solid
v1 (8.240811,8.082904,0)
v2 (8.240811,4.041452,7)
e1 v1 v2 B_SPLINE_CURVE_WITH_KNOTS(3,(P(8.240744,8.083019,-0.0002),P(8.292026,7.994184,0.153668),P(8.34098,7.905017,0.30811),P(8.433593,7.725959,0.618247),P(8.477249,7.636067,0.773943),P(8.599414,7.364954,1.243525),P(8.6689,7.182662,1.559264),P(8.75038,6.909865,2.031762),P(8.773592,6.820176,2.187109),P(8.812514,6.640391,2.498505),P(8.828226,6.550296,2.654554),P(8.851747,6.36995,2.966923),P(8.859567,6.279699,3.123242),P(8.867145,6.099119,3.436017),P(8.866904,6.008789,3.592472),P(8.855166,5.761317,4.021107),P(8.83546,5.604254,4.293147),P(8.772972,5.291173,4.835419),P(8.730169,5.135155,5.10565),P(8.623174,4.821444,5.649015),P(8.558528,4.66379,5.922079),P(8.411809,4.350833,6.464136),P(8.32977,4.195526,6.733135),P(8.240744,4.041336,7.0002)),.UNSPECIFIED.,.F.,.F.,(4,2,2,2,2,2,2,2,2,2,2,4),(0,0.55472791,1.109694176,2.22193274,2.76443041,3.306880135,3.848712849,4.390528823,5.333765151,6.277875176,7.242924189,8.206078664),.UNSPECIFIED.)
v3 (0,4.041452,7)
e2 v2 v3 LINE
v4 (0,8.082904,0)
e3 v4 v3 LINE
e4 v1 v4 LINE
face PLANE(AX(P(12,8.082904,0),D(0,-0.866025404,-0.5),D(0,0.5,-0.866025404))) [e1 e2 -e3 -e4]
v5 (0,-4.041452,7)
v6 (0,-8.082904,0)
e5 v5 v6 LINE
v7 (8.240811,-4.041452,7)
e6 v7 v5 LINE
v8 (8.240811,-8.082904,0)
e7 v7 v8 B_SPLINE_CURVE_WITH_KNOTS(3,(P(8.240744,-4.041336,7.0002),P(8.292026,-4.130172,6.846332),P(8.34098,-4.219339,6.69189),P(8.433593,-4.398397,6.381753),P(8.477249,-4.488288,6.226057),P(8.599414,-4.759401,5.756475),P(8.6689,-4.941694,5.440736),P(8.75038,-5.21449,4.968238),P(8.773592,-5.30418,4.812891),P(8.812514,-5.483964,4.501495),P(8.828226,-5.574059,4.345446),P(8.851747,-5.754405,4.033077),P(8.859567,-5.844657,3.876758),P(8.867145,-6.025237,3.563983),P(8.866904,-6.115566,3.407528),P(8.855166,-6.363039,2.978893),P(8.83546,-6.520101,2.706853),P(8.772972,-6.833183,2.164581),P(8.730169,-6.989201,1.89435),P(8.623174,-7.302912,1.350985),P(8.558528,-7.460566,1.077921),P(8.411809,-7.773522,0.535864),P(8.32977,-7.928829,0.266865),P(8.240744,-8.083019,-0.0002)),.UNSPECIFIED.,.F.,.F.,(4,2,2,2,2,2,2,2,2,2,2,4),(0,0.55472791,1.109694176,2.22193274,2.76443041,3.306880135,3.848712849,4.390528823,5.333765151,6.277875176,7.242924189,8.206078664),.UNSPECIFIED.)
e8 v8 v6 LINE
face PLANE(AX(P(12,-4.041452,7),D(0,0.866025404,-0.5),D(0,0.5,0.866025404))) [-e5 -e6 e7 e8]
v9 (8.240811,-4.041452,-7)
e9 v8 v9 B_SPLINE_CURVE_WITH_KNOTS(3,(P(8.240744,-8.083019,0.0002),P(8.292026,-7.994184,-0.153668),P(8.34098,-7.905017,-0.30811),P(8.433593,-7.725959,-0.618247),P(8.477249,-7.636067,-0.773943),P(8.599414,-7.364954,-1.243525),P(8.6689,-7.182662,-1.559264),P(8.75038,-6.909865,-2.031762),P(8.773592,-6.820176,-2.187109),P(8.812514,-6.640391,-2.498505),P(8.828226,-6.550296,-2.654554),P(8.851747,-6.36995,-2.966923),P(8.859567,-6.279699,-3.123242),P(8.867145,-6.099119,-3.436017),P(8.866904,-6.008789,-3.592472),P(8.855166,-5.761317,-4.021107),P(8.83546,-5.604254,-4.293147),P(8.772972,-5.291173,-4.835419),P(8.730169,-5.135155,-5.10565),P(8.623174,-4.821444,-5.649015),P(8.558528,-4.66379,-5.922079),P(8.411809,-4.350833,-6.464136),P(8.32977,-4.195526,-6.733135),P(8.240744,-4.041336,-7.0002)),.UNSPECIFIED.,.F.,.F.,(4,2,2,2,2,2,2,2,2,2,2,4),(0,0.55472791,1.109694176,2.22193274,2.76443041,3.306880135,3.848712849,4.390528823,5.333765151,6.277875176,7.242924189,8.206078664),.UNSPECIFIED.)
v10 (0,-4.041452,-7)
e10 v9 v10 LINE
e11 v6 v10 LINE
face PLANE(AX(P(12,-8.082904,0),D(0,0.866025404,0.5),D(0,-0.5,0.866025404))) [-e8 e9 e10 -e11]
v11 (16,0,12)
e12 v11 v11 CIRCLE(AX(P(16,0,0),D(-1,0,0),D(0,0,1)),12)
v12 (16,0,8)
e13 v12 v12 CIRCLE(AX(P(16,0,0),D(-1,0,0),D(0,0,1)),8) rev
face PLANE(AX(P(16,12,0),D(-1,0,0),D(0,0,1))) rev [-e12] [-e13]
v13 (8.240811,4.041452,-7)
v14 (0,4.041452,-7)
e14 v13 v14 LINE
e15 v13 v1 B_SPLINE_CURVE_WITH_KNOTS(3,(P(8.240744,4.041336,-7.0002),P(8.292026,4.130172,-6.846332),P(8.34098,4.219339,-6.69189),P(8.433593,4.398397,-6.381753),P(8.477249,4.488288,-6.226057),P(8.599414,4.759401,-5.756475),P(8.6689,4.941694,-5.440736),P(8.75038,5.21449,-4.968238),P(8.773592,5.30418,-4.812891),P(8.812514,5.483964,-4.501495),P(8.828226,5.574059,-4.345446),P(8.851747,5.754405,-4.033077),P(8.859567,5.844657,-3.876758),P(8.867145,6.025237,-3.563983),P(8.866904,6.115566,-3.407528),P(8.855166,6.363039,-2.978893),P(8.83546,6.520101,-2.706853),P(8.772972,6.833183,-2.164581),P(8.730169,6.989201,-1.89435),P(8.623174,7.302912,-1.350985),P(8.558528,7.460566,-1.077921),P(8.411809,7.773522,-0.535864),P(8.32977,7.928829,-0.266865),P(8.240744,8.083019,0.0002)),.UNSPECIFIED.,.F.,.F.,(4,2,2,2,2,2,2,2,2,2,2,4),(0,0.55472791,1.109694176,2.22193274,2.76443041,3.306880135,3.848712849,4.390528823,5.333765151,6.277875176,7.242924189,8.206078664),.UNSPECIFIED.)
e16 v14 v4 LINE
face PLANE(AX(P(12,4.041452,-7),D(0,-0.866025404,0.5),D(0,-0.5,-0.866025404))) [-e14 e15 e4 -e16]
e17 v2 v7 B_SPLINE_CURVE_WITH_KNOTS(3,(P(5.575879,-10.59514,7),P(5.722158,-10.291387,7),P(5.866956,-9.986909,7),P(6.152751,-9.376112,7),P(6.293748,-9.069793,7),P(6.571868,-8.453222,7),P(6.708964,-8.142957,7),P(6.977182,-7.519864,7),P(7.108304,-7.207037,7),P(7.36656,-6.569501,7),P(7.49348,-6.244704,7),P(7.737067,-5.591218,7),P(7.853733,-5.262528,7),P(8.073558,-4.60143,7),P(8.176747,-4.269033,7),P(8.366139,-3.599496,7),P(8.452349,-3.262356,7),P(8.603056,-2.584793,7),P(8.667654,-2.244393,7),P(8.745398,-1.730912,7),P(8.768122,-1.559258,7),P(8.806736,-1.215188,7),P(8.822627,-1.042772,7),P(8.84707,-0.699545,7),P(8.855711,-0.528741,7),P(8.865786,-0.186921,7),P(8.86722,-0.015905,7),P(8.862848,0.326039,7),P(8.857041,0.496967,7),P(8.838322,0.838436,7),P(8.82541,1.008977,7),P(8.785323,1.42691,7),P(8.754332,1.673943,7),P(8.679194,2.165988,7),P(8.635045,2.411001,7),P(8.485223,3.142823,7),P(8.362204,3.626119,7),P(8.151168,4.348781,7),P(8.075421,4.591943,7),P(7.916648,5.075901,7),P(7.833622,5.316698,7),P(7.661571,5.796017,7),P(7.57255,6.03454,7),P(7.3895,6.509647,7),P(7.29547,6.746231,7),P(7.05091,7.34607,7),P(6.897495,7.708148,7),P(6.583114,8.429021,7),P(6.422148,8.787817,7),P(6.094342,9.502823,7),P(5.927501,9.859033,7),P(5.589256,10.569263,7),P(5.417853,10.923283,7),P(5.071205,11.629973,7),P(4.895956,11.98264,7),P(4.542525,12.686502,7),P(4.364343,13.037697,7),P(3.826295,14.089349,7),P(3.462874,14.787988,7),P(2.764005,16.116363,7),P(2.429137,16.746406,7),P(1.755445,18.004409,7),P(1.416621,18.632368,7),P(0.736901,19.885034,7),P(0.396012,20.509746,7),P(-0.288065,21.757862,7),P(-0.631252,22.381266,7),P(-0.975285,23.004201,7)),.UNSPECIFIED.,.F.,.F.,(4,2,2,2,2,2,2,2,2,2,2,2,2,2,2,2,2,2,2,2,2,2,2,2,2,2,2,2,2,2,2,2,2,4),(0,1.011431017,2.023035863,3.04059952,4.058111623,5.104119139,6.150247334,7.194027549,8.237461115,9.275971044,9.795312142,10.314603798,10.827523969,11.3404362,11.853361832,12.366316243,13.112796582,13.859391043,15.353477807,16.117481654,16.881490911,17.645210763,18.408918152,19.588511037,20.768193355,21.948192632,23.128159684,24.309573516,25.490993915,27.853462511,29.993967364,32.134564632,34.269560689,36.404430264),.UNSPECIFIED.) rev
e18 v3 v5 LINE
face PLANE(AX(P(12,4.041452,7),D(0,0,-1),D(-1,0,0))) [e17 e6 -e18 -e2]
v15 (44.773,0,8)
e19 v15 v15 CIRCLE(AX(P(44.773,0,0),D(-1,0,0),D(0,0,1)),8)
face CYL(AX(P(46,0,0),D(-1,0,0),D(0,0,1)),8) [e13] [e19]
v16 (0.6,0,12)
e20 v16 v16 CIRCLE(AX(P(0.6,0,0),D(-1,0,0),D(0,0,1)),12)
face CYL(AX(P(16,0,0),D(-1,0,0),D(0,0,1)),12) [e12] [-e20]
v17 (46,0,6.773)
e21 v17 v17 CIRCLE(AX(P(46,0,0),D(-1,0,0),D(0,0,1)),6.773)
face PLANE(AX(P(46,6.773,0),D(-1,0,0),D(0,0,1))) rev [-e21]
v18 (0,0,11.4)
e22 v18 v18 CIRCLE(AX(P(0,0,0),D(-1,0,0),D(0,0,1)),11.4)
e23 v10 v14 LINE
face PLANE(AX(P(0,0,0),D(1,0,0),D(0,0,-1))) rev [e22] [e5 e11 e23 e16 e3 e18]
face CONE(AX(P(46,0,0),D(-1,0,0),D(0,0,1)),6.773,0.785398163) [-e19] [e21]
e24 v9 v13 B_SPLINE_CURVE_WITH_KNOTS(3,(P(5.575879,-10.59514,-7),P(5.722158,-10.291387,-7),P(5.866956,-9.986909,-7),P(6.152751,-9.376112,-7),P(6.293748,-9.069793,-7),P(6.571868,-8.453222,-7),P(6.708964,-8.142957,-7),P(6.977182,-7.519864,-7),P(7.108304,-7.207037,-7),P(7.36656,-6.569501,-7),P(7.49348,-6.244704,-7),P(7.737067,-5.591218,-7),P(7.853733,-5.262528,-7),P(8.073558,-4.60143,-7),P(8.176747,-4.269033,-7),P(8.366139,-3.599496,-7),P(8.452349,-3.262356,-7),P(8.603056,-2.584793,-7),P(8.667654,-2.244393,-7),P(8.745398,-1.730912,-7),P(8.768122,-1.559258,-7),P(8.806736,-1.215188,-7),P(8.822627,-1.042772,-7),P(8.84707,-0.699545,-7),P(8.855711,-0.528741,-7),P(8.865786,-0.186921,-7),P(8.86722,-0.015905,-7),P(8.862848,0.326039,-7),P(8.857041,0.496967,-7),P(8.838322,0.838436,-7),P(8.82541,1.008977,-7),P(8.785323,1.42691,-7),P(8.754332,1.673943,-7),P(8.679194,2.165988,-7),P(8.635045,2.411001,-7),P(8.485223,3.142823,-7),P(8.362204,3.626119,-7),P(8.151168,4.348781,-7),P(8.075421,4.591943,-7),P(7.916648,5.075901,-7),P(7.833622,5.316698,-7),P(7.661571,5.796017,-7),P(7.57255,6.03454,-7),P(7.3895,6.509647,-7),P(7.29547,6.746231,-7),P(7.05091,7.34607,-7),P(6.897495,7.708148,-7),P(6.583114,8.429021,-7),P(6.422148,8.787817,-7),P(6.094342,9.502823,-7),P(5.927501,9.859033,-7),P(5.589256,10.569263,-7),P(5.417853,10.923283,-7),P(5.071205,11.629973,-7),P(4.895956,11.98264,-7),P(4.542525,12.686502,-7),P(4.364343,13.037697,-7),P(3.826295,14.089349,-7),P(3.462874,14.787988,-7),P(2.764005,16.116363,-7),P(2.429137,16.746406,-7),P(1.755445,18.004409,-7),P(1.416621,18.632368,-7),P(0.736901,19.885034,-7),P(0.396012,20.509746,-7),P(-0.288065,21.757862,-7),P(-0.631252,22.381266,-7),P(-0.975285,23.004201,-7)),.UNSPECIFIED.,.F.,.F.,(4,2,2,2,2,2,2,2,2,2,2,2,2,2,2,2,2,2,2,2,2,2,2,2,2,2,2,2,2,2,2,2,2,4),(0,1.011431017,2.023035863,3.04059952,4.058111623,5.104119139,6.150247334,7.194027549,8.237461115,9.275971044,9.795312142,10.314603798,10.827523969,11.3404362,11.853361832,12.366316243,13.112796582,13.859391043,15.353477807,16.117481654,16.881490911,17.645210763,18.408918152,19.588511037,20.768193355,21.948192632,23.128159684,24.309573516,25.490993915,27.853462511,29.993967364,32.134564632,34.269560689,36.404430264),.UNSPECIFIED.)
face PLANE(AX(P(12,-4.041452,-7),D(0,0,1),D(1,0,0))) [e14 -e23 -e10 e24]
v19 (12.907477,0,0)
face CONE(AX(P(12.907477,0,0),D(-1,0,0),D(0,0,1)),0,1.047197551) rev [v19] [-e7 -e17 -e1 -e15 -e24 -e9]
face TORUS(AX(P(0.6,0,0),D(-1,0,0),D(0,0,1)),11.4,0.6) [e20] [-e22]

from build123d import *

# Parameters (mm, degrees)
SZKIC1_W                    = 16
SZKIC1_H                    = 12
SZKIC5_R                    = 9
DODANIE_WYCI_GNI_CIE1_DEPTH = 12


with BuildPart() as part:
    # Szkic1 → Obrót1 (revolve)
    with BuildSketch(Plane.XY):
        with Locations((8, 6)):
            Rectangle(SZKIC1_W, SZKIC1_H)
    revolve(axis=Axis((16, 0, 0), (-1, 0, 0)))

    # Szkic2 → Wycięcie-obrót1 (revolve, cut)
    with BuildSketch(Plane.XY):
        with BuildLine():
            Line((0, 12), (0, 11.4))
            ThreePointArc((0, 11.4), (0.175735931, 11.824264069), (0.6, 12))
            Line((0.6, 12), (0, 12))
        make_face()
    revolve(axis=Axis((16, 0, 0), (-1, 0, 0)), mode=Mode.SUBTRACT)

    # Szkic3 → Obrót2 (revolve)
    with BuildSketch(Plane.XY):
        Polygon((16, 0), (16, 8), (44.773, 8), (46, 6.773), (46, 0), align=None)
    revolve(axis=Axis((46, 0, 0), (-1, 0, 0)))

    # Szkic4 → Wycięcie-obrót2 (revolve, cut)
    with BuildSketch(Plane.XY):
        Polygon((0, 0), (0, 8.5), (8, 8.5), (12.907477288, 0), align=None)
    revolve(axis=Axis((12.907477288, 0, 0), (-1, 0, 0)), mode=Mode.SUBTRACT)

    # Szkic5 → Dodanie-wyciągnięcie1 (add)
    with BuildSketch(Plane(origin=(0, 0, 0), x_dir=(0, 0, -1), z_dir=(1, 0, 0))):
        Circle(SZKIC5_R)
        Polygon((-7, 4.041451884), (-7, -4.041451884), (0, -8.082903769), (7, -4.041451884), (7, 4.041451884), (0, 8.082903769), align=None, mode=Mode.SUBTRACT)
    extrude(amount=DODANIE_WYCI_GNI_CIE1_DEPTH)


solid = part.part
